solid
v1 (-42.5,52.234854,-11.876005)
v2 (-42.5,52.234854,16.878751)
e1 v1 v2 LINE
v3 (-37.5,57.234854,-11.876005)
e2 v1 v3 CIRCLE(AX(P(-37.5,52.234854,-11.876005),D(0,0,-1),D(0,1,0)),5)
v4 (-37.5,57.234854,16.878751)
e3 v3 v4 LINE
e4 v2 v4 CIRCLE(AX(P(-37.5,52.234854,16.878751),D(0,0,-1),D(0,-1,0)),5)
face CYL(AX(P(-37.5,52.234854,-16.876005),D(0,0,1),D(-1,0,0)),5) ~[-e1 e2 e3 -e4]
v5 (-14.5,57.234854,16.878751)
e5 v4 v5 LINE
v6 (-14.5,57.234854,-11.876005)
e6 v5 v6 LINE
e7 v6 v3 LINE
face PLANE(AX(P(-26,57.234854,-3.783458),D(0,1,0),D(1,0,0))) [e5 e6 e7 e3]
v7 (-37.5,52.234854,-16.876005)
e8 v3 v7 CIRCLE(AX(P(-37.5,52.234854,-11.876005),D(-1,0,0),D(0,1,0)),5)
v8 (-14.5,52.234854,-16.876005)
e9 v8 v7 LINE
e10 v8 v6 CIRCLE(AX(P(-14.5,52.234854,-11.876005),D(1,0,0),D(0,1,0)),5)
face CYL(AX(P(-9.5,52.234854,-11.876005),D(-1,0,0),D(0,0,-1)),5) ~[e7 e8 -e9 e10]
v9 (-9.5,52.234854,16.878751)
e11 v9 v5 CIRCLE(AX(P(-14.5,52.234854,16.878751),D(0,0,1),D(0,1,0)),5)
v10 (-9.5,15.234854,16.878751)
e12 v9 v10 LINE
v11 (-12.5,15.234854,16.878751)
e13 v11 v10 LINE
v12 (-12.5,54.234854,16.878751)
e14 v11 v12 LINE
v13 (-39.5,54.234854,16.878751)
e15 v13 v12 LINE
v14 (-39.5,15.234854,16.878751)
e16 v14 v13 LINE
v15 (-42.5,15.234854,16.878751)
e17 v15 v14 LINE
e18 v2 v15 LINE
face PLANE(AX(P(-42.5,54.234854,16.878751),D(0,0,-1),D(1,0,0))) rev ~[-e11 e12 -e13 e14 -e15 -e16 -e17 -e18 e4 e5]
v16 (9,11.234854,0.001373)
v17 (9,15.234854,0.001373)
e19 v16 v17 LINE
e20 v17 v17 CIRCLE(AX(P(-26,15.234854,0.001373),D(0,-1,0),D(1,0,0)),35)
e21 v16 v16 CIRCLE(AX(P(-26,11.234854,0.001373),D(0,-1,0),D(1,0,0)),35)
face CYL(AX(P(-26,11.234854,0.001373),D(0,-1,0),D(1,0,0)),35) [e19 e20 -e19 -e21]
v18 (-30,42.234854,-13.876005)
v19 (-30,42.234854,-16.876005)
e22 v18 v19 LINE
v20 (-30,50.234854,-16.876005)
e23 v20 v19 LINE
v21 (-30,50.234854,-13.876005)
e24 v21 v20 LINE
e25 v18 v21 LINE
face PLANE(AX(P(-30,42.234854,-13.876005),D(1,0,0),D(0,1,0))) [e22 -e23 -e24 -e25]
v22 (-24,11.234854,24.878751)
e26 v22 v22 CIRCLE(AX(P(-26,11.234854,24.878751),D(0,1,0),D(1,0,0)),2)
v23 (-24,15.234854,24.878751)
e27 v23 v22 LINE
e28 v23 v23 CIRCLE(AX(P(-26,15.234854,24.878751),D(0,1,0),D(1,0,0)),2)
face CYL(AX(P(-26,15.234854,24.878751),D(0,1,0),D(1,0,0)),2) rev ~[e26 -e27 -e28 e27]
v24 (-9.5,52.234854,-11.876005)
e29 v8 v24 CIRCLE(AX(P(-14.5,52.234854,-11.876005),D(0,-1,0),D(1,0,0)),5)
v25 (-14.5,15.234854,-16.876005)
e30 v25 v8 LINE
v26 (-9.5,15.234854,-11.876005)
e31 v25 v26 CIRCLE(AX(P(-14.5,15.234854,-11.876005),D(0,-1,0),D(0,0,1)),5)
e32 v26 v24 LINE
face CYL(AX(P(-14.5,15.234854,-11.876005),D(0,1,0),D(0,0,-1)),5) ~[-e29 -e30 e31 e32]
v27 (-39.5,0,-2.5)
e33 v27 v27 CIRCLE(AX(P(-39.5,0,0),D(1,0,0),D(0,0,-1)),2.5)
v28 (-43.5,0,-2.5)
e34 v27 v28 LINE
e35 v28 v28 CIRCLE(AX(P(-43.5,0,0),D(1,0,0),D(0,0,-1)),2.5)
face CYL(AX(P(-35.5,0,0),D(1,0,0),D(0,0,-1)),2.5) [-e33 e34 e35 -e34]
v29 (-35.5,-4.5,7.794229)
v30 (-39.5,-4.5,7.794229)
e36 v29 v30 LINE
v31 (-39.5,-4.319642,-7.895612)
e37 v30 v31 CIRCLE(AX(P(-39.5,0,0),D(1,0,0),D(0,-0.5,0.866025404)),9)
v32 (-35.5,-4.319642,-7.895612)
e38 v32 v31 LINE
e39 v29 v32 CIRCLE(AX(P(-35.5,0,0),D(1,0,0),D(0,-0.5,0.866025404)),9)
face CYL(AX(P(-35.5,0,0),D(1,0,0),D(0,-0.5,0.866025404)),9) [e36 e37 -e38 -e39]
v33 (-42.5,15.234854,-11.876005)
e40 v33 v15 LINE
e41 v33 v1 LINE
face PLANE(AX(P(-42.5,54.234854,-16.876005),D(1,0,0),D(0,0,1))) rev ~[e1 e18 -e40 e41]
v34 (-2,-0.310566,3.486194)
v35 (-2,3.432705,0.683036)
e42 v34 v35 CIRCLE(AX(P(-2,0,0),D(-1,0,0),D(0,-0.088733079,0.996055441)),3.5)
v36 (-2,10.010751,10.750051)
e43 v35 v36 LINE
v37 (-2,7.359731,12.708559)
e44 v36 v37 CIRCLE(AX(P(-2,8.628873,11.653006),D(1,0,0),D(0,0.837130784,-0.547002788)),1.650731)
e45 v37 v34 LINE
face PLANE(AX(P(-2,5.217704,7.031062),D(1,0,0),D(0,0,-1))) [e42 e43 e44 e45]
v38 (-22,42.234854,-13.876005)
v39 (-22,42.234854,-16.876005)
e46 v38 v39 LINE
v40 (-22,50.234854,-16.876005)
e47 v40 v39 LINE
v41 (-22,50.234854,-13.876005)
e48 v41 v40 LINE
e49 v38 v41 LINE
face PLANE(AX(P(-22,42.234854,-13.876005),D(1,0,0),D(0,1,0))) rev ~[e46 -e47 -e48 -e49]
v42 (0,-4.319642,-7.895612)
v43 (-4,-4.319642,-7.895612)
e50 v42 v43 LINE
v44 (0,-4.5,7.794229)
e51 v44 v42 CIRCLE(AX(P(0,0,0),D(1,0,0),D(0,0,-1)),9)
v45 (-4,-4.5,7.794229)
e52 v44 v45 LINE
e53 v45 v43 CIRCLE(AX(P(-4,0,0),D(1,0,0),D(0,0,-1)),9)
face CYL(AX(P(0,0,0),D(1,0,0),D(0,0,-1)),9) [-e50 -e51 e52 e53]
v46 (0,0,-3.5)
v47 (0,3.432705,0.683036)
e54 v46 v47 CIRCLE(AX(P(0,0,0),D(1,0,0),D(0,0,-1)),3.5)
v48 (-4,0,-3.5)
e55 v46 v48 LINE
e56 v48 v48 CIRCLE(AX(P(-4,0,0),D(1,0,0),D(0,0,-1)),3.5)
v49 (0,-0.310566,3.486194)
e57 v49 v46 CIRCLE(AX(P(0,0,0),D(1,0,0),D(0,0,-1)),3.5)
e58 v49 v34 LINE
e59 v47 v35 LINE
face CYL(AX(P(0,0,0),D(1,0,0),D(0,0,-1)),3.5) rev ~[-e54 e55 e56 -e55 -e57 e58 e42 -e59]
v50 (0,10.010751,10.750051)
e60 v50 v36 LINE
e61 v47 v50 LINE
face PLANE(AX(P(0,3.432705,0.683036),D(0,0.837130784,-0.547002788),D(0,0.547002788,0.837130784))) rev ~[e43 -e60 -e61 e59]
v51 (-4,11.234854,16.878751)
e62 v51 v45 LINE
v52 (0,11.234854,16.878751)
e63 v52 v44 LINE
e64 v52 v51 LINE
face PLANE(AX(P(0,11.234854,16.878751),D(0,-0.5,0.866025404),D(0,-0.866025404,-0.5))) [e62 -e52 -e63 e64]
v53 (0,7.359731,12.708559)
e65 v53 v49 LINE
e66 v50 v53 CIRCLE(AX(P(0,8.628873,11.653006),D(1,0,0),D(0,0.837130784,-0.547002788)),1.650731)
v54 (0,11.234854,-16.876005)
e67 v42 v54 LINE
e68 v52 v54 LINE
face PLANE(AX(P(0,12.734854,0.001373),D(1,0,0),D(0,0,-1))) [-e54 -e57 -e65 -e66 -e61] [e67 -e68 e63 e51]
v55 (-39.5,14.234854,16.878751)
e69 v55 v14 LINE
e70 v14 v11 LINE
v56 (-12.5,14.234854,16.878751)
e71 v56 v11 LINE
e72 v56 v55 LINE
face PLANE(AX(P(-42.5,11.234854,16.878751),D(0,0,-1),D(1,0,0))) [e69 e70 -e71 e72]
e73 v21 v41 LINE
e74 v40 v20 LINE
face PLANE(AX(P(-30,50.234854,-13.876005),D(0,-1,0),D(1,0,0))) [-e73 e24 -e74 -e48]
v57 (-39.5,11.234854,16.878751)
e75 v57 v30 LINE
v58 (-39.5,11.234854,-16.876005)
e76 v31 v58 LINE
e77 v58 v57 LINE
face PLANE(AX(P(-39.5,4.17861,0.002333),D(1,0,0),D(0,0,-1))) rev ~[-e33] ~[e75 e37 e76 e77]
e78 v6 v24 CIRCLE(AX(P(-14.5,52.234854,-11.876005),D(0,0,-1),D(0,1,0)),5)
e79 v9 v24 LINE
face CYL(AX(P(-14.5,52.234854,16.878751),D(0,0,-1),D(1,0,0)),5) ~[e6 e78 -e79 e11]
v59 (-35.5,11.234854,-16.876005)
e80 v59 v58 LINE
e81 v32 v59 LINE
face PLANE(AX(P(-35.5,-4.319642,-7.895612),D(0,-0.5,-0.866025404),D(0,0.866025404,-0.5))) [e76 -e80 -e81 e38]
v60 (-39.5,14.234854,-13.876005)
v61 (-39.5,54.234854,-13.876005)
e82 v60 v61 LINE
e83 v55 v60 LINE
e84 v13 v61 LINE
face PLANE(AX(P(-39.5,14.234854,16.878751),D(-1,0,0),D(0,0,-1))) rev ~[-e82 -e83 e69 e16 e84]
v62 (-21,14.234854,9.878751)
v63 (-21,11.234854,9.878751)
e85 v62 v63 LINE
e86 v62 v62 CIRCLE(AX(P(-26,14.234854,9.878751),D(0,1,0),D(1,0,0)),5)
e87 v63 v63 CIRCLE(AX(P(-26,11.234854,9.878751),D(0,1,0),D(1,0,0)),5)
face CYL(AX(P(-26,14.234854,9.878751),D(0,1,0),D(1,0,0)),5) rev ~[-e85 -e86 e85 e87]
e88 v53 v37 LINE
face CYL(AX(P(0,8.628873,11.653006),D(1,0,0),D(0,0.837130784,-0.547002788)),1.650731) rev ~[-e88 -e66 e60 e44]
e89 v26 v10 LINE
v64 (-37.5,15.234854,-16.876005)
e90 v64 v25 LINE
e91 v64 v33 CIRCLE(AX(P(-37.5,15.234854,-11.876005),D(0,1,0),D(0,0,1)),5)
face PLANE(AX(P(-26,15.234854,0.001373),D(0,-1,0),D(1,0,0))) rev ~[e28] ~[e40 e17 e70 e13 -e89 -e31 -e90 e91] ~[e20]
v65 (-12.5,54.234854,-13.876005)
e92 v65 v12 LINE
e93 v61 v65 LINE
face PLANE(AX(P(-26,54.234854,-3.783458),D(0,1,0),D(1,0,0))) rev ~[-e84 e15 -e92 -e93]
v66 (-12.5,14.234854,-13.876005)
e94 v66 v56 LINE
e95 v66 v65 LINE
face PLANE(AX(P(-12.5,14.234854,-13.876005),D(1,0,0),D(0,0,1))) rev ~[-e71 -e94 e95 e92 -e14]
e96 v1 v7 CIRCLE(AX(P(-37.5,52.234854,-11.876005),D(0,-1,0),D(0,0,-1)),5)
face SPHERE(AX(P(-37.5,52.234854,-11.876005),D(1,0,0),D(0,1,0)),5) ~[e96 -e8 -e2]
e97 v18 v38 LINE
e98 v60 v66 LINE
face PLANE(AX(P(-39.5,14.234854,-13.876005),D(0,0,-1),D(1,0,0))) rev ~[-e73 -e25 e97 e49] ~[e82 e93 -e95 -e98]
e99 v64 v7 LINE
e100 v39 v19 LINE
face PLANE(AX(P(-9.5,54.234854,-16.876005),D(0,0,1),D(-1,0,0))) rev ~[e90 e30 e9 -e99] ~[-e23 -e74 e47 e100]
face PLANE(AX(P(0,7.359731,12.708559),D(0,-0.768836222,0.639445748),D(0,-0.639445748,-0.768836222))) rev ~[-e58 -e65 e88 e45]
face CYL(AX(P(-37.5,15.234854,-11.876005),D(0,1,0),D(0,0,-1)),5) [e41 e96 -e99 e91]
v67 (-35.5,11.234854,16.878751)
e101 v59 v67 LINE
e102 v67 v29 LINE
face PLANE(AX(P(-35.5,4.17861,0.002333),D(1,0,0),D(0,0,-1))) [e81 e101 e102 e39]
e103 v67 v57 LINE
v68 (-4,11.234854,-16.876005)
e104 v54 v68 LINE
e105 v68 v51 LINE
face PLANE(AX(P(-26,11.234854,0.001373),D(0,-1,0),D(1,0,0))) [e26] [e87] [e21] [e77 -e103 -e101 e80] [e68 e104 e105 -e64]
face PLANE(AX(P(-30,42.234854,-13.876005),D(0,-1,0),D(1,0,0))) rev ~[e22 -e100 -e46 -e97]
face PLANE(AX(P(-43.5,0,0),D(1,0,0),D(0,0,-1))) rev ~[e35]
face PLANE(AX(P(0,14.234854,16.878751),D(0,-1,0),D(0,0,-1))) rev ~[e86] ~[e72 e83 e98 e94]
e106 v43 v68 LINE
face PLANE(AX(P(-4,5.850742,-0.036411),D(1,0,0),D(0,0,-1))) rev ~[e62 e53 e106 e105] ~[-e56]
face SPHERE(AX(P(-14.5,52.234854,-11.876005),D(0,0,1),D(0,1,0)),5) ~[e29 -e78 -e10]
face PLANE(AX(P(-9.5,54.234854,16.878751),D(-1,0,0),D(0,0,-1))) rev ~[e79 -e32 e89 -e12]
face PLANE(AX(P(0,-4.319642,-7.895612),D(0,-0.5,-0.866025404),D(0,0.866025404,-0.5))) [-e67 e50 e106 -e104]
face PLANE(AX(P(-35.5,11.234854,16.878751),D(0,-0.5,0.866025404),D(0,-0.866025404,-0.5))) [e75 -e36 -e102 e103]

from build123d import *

# Parameters (mm, degrees)
SKETCH_1_R          = 9
SKETCH_1_R_2        = 2.5
EXTRUDE_1_DEPTH     = 4
EXTRUDE_2_DEPTH     = 4
SKETCH_6_W          = 33.754755736
SKETCH_6_H          = 3
EXTRUDE_5_DEPTH     = 52
SKETCH_7_R          = 2.5
EXTRUDE_6_DEPTH     = 4
SKETCH_8_R          = 2.5
EXTRUDE_7_DEPTH     = 8
SKETCH_9_W          = 27
SKETCH_9_H          = 3
EXTRUDE_8_DEPTH     = 40
SKETCH_10_W         = 8
SKETCH_10_H         = 8
CUT_EXTRUDE_1_DEPTH = 40
SKETCH_11_W         = 27
SKETCH_11_H         = 30.754755736
EXTRUDE_9_DEPTH     = 3
SKETCH_12_R         = 35
SKETCH_12_W         = 33
SKETCH_12_H         = 33.754755736
EXTRUDE_10_DEPTH    = 4
SKETCH_13_R         = 2
CUT_EXTRUDE_2_DEPTH = 4
FILLET_1_R          = 5
SKETCH_14_R         = 5
CUT_EXTRUDE_3_DEPTH = 3
CUT_EXTRUDE_4_DEPTH = 2
SKETCH_16_R         = 3.5
CUT_EXTRUDE_5_DEPTH = 6


with BuildPart() as part:
    # 草图1 → 凸台-拉伸1 (new body)
    with BuildSketch(Plane(origin=(0, 0, 0), x_dir=(0, 0, -1), z_dir=(1, 0, 0))):
        Circle(SKETCH_1_R)
        Circle(SKETCH_1_R_2, mode=Mode.SUBTRACT)
    extrude(amount=-EXTRUDE_1_DEPTH)

    # 草图2 → 凸台-拉伸2 (add)
    with BuildSketch(Plane(origin=(0, 0, 0), x_dir=(0, 0, -1), z_dir=(1, 0, 0))):
        with BuildLine():
            Line((-16.878750928, 11.234854176), (-7.794228634, -4.5))
            ThreePointArc((-7.794228634, -4.5), (-2.329371406, 8.693332437), (9, 0))
            ThreePointArc((9, 0), (8.719533008, -2.229292291), (7.895612418, -4.319641714))
            Line((7.895612418, -4.319641714), (16.876004808, 11.234854176))
            Line((16.876004808, 11.234854176), (-16.878750928, 11.234854176))
        make_face()
    extrude(amount=-EXTRUDE_2_DEPTH)

    # 草图6 → 凸台-拉伸5 (add)
    with BuildSketch(Plane(origin=(0, 0, 0), x_dir=(0, 0, -1), z_dir=(1, 0, 0))):
        with Locations((-0.00137306, 12.734854176)):
            Rectangle(SKETCH_6_W, SKETCH_6_H)
    extrude(amount=-EXTRUDE_5_DEPTH)

    # 草图7 → 凸台-拉伸6 (add)
    with BuildSketch(Plane(origin=(-35.5, 0, 0), x_dir=(0, 0, -1), z_dir=(1, 0, 0))):
        with BuildLine():
            Line((-16.878750928, 11.234854176), (-7.794228634, -4.5))
            ThreePointArc((-7.794228634, -4.5), (0.103450209, -8.999405428), (7.895612418, -4.319641714))
            Line((7.895612418, -4.319641714), (16.876004808, 11.234854176))
            Line((16.876004808, 11.234854176), (-16.878750928, 11.234854176))
        make_face()
        Circle(SKETCH_7_R, mode=Mode.SUBTRACT)
    extrude(amount=-EXTRUDE_6_DEPTH)

    # 草图8 → 凸台-拉伸7 (add)
    with BuildSketch(Plane(origin=(-35.5, 0, 0), x_dir=(0, 0, -1), z_dir=(1, 0, 0))):
        Circle(SKETCH_8_R)
    extrude(amount=-EXTRUDE_7_DEPTH)

    # 草图9 → 凸台-拉伸8 (add)
    with BuildSketch(Plane(origin=(0, 14.234854176, 0), x_dir=(1, 0, 0), z_dir=(0, 1, 0))):
        Polygon((-12.5, 16.876004808), (-12.5, 13.876004808), (-12.5, -16.878750928), (-9.5, -16.878750928), (-9.5, 16.876004808), align=None)
        Polygon((-39.5, -16.878750928), (-39.5, 13.876004808), (-39.5, 16.876004808), (-42.5, 16.876004808), (-42.5, -16.878750928), align=None)
        with Locations((-26, 15.376004808)):
            Rectangle(SKETCH_9_W, SKETCH_9_H)
    extrude(amount=EXTRUDE_8_DEPTH)

    # 草图10 → 切除-拉伸1 (cut)
    with BuildSketch(Plane.XY.offset(-13.876004808)):
        with Locations((-26, 46.234854176)):
            Rectangle(SKETCH_10_W, SKETCH_10_H)
    extrude(amount=-CUT_EXTRUDE_1_DEPTH, mode=Mode.SUBTRACT)

    # 草图11 → 凸台-拉伸9 (add)
    with BuildSketch(Plane(origin=(0, 54.234854176, 0), x_dir=(1, 0, 0), z_dir=(0, 1, 0))):
        Polygon((-9.5, -16.878750928), (-9.5, 16.876004808), (-42.5, 16.876004808), (-42.5, -16.878750928), (-39.5, -16.878750928), (-39.5, 13.876004808), (-12.5, 13.876004808), (-12.5, -16.878750928), align=None)
        with Locations((-26, -1.50137306)):
            Rectangle(SKETCH_11_W, SKETCH_11_H)
    extrude(amount=EXTRUDE_9_DEPTH)

    # 草图12 → 凸台-拉伸10 (add)
    with BuildSketch(Plane.XZ.offset(-11.234854176)):
        with Locations((-26, 0.00137306)):
            Circle(SKETCH_12_R)
        with Locations((-26, 0.00137306)):
            Rectangle(SKETCH_12_W, SKETCH_12_H, mode=Mode.SUBTRACT)
    extrude(amount=-EXTRUDE_10_DEPTH)

    # 草图13 → 切除-拉伸2 (cut)
    with BuildSketch(Plane(origin=(0, 15.234854176, 0), x_dir=(1, 0, 0), z_dir=(0, 1, 0))):
        with Locations((-26, -24.878750928)):
            Circle(SKETCH_13_R)
    extrude(amount=-CUT_EXTRUDE_2_DEPTH, mode=Mode.SUBTRACT)

    # 圆角1
    fillet_1_edges = [part.edges().sort_by_distance(p)[0] for p in [
        (-9.5, 57.234854176, 0.00137306),
        (-26, 57.234854176, -16.876004808),
        (-42.5, 57.234854176, 0.00137306),
        (-9.5, 36.234854176, -16.876004808),
        (-42.5, 36.234854176, -16.876004808),
    ]]
    fillet(fillet_1_edges, radius=FILLET_1_R)

    # 草图14 → 切除-拉伸3 (cut)
    with BuildSketch(Plane(origin=(0, 14.234854176, 0), x_dir=(1, 0, 0), z_dir=(0, 1, 0))):
        with Locations((-26, -9.878750928)):
            Circle(SKETCH_14_R)
    extrude(amount=-CUT_EXTRUDE_3_DEPTH, mode=Mode.SUBTRACT)

    # 草图15 → 切除-拉伸4 (cut)
    with BuildSketch(Plane(origin=(0, 0, 0), x_dir=(0, 0, -1), z_dir=(1, 0, 0))):
        with BuildLine():
            ThreePointArc((-3.486194042, -0.310565776), (-2.801542224, 2.097942126), (-0.683036299, 3.432704679))
            Line((-0.683036299, 3.432704679), (-10.750051286, 10.010751226))
            ThreePointArc((-10.750051286, 10.010751226), (-12.980710136, 9.609748083), (-12.708559077, 7.359731144))
            Line((-12.708559077, 7.359731144), (-3.486194042, -0.310565776))
        make_face()
    extrude(amount=-CUT_EXTRUDE_4_DEPTH, mode=Mode.SUBTRACT)

    # 草图16 → 切除-拉伸5 (cut)
    with BuildSketch(Plane(origin=(0, 0, 0), x_dir=(0, 0, -1), z_dir=(1, 0, 0))):
        Circle(SKETCH_16_R)
    extrude(amount=-CUT_EXTRUDE_5_DEPTH, mode=Mode.SUBTRACT)


solid = part.part
